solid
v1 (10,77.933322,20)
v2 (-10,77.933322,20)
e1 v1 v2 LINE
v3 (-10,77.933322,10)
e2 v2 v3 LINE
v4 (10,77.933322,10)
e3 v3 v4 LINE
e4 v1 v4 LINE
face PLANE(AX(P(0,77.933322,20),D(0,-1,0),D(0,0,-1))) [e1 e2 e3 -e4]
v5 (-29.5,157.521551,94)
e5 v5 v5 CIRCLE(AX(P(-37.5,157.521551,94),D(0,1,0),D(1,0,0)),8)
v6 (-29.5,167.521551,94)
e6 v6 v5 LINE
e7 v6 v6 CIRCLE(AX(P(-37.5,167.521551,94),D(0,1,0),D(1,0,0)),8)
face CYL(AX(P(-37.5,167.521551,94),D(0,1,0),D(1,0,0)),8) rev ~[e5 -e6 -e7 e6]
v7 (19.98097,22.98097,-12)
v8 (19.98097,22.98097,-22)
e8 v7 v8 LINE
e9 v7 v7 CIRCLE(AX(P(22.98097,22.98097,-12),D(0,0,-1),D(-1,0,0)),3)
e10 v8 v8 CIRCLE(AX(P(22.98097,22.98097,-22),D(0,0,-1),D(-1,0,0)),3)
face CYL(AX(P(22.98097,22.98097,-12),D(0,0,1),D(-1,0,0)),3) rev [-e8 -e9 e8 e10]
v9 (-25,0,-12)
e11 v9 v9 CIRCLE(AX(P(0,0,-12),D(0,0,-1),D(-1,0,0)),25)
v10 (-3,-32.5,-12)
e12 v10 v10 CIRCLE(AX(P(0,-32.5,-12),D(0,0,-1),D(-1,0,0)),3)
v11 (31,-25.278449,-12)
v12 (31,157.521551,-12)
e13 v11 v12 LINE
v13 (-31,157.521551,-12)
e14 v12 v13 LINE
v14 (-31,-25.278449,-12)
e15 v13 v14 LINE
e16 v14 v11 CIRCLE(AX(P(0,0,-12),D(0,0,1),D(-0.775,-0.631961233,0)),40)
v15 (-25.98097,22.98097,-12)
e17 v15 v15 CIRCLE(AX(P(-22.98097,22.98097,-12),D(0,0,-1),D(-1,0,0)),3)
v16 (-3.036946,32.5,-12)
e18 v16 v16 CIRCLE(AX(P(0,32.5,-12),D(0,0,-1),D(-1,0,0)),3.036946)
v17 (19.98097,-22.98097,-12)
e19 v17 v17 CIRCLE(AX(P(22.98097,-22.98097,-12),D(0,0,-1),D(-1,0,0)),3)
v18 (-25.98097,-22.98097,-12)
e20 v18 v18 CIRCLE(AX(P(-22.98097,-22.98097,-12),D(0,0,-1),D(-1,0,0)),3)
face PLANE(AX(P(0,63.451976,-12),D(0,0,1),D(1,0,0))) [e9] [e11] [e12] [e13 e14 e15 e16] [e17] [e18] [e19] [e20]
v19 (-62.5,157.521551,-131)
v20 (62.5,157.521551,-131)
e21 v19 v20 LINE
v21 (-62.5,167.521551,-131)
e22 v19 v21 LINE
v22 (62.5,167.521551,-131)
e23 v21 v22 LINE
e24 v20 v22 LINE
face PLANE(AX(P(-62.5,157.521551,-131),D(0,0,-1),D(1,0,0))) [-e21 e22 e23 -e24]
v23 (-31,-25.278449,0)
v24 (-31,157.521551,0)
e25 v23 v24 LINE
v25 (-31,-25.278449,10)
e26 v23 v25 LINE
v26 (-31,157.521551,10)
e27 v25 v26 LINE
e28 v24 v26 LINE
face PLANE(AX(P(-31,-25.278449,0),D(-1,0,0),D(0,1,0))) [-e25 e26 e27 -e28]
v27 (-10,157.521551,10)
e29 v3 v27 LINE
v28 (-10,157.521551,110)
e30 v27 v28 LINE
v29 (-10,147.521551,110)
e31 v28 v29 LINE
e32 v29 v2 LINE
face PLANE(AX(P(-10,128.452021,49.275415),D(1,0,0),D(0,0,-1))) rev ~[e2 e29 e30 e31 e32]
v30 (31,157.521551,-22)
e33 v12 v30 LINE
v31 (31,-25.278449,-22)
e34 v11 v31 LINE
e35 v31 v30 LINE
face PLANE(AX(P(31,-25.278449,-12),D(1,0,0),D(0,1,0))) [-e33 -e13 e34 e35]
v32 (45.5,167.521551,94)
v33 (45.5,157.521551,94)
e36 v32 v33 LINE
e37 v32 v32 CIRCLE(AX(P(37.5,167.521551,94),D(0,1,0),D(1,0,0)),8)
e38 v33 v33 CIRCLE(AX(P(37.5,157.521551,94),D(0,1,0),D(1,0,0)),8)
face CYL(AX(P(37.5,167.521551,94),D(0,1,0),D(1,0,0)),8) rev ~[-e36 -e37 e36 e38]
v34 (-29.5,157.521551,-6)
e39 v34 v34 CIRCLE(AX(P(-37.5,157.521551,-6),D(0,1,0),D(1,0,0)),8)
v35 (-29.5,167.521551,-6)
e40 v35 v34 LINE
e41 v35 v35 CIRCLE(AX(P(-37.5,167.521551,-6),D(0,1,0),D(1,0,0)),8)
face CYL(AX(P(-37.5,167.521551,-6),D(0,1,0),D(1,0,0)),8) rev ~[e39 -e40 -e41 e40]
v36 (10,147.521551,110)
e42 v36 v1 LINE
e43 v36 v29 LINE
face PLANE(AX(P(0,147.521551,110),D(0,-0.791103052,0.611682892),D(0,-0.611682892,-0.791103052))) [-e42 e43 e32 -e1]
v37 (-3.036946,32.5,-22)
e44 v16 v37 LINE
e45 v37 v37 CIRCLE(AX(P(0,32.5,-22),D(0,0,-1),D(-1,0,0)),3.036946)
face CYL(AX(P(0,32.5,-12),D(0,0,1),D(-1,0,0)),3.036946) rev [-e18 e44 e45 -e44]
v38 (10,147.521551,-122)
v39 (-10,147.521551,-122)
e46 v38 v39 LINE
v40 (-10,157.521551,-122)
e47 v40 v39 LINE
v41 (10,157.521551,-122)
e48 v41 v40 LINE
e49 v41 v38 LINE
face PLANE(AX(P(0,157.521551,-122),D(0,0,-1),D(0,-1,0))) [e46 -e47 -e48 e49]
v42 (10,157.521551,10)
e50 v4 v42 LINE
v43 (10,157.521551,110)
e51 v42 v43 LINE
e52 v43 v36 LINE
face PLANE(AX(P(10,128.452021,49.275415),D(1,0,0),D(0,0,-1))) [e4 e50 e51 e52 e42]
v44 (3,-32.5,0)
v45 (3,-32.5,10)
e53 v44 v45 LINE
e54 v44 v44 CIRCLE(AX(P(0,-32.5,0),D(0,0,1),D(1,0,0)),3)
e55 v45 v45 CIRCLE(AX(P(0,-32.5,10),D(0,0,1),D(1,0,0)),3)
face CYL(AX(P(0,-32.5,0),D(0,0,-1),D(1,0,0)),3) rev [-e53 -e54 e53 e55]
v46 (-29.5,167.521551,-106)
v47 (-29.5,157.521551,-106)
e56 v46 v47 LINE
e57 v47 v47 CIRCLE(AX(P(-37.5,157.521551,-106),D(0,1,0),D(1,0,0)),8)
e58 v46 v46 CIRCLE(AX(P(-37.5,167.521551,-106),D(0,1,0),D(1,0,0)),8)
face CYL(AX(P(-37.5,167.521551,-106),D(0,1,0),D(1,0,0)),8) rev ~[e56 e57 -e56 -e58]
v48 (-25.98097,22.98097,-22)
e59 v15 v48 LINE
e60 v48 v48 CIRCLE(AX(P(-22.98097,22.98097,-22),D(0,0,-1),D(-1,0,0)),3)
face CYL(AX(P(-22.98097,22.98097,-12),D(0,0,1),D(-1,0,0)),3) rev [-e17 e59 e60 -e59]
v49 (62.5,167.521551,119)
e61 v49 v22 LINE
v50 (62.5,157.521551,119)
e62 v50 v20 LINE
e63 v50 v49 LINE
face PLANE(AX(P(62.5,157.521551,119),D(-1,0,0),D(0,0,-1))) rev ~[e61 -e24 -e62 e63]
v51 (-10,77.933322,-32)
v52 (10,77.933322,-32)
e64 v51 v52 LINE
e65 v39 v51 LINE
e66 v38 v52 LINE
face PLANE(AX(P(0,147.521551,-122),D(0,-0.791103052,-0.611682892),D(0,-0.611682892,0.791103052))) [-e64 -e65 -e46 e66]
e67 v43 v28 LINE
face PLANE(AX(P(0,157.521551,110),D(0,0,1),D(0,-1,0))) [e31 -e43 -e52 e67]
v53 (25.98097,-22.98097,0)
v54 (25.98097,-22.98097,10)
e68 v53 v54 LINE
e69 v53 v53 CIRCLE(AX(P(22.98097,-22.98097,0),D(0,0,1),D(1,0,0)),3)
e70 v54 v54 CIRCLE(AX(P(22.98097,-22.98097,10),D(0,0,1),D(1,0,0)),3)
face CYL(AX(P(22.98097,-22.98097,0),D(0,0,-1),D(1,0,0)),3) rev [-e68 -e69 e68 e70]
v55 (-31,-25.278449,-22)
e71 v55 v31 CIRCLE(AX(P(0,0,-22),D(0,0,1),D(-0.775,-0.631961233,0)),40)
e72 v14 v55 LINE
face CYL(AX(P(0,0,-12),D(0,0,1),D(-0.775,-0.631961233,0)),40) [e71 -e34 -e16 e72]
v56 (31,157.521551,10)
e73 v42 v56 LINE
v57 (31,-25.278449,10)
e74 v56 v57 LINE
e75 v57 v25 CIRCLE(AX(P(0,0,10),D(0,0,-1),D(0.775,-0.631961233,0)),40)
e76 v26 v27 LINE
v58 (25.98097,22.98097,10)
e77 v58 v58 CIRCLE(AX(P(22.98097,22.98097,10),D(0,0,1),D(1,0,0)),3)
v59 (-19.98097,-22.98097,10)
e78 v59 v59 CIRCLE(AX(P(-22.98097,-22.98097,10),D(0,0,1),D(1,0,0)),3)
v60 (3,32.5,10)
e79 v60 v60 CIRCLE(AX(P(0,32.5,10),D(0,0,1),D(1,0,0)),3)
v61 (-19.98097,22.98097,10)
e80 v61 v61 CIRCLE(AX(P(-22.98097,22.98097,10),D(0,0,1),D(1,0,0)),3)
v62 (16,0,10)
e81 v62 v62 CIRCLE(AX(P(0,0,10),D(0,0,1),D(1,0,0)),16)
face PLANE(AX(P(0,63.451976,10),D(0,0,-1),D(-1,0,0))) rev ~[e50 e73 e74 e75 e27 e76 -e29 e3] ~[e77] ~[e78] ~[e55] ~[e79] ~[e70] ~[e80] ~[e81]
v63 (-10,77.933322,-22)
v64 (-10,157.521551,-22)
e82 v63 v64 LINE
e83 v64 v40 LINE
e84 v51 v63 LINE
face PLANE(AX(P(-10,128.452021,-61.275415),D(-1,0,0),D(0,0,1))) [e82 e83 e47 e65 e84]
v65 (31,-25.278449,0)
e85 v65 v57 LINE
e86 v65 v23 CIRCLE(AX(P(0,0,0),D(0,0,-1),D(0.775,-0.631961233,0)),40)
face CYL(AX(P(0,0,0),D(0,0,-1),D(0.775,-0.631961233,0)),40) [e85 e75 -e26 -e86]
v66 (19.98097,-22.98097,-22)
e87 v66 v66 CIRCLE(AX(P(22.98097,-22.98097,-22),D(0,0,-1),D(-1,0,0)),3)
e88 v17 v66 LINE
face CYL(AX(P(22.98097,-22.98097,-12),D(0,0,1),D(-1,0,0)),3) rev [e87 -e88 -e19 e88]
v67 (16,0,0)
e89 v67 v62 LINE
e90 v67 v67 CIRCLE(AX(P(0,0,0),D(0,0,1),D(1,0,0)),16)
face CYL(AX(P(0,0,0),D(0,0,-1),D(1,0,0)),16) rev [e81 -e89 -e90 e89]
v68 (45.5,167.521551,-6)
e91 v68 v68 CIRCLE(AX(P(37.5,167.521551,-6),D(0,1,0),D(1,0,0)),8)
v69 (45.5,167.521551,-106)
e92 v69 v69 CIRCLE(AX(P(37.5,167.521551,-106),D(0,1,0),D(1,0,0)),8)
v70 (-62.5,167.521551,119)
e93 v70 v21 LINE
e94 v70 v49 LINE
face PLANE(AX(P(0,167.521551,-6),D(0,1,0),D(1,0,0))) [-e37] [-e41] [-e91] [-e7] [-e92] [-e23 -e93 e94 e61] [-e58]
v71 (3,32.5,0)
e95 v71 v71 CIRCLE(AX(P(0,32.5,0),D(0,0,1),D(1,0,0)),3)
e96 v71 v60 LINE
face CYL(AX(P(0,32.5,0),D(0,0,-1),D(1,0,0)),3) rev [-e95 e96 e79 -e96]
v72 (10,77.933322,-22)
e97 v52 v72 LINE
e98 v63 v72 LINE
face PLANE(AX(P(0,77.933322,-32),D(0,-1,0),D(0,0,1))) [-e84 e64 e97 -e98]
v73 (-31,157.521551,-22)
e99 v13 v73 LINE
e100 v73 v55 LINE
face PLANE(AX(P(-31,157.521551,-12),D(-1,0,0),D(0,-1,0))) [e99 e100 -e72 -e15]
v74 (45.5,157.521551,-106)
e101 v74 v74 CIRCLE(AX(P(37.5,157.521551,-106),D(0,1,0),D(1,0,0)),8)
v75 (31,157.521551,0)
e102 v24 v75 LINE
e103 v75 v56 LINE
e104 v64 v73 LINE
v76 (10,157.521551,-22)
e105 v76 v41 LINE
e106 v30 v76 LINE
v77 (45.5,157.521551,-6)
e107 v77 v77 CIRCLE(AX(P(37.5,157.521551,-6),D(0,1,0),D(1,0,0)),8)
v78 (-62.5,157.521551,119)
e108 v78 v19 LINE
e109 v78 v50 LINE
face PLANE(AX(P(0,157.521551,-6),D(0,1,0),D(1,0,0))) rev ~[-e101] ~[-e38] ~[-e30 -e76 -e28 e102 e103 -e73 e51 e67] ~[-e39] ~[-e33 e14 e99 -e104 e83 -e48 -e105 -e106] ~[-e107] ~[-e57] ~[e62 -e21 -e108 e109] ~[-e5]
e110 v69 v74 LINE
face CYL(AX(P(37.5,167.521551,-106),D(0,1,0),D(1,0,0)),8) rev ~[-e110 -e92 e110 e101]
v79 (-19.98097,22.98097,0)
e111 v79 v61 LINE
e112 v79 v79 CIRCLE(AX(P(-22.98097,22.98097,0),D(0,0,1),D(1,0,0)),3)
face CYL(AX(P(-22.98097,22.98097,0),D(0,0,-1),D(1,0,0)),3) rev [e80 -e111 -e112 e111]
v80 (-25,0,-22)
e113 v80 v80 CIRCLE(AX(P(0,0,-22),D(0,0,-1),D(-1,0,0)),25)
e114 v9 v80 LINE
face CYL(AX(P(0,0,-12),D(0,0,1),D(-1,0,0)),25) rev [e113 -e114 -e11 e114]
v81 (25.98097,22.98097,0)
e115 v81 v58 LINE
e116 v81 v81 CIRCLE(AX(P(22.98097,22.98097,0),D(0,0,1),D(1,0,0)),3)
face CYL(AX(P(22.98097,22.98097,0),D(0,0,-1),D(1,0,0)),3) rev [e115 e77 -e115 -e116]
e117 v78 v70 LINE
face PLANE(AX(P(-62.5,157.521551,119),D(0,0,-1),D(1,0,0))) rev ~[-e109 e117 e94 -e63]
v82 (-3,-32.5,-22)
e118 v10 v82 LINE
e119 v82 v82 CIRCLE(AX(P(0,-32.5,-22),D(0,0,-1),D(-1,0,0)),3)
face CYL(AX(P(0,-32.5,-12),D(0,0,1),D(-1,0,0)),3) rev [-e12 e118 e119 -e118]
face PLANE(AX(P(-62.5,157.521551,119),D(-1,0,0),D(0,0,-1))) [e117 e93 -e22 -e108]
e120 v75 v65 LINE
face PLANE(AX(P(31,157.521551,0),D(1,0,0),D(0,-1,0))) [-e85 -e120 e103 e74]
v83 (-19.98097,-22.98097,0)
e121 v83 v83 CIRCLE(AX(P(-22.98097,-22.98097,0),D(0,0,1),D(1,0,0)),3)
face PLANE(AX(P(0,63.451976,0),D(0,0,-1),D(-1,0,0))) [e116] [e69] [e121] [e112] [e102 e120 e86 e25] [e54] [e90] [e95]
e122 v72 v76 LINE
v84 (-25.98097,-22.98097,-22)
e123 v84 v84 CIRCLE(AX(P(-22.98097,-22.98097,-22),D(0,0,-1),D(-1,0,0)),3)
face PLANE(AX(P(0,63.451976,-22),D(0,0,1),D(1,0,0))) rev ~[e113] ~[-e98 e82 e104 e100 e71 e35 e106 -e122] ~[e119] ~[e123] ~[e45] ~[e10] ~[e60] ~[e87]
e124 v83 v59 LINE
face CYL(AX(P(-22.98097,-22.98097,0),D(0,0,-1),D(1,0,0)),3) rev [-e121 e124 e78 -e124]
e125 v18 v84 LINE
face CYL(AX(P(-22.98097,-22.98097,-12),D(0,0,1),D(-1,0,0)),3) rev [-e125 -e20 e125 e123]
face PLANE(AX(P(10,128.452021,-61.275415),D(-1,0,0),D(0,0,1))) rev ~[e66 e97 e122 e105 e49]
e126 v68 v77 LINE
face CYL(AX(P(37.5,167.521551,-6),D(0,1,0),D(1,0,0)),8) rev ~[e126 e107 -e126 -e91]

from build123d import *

# Parameters (mm, degrees)
SKETCH1_R           = 3
SKETCH1_R_2         = 16
BOSS_EXTRUDE1_DEPTH = 10
SKETCH2_R           = 3.036946437
SKETCH2_R_2         = 3
SKETCH2_R_3         = 25
BOSS_EXTRUDE2_DEPTH = 10
SKETCH3_W           = 125
SKETCH3_H           = 250
BOSS_EXTRUDE3_DEPTH = 10
BOSS_EXTRUDE4_DEPTH = 10
SKETCH6_R           = 8
CUT_EXTRUDE1_DEPTH  = 10


with BuildPart() as part:
    # Sketch1 → Boss-Extrude1 (new body)
    with BuildSketch(Plane.XY):
        with BuildLine():
            Line((-31, -25.27844932), (-31, 157.52155068))
            Line((-31, 157.52155068), (31, 157.52155068))
            Line((31, 157.52155068), (31, -25.27844932))
            ThreePointArc((31, -25.27844932), (0, -40), (-31, -25.27844932))
        make_face()
        with Locations((0, 32.5)):
            Circle(SKETCH1_R, mode=Mode.SUBTRACT)
        with Locations((-22.980970389, 22.980970389)):
            Circle(SKETCH1_R, mode=Mode.SUBTRACT)
        with Locations((22.980970389, 22.980970389)):
            Circle(SKETCH1_R, mode=Mode.SUBTRACT)
        with Locations((22.980970389, -22.980970389)):
            Circle(SKETCH1_R, mode=Mode.SUBTRACT)
        with Locations((0, -32.5)):
            Circle(SKETCH1_R, mode=Mode.SUBTRACT)
        with Locations((-22.980970389, -22.980970389)):
            Circle(SKETCH1_R, mode=Mode.SUBTRACT)
        Circle(SKETCH1_R_2, mode=Mode.SUBTRACT)
    extrude(amount=BOSS_EXTRUDE1_DEPTH)



with BuildPart() as body_2:
    # Sketch2 → Boss-Extrude2 (new body)
    with BuildSketch(Plane(origin=(0, 0, -12), x_dir=(-1, 0, 0), z_dir=(0, 0, -1))):
        with BuildLine():
            Line((-31, 157.52155068), (31, 157.52155068))
            Line((31, 157.52155068), (31, -25.27844932))
            ThreePointArc((31, -25.27844932), (0, -40), (-31, -25.27844932))
            Line((-31, -25.27844932), (-31, 157.52155068))
        make_face()
        with Locations((0, 32.5)):
            Circle(SKETCH2_R, mode=Mode.SUBTRACT)
        with Locations((22.980970389, 22.980970389)):
            Circle(SKETCH2_R_2, mode=Mode.SUBTRACT)
        with Locations((-22.980970389, 22.980970389)):
            Circle(SKETCH2_R_2, mode=Mode.SUBTRACT)
        with Locations((22.980970389, -22.980970389)):
            Circle(SKETCH2_R_2, mode=Mode.SUBTRACT)
        with Locations((0, -32.5)):
            Circle(SKETCH2_R_2, mode=Mode.SUBTRACT)
        with Locations((-22.980970389, -22.980970389)):
            Circle(SKETCH2_R_2, mode=Mode.SUBTRACT)
        Circle(SKETCH2_R_3, mode=Mode.SUBTRACT)
    extrude(amount=BOSS_EXTRUDE2_DEPTH)


with BuildPart() as part_1:
    add(part.part)

    add(body_2.part)  # Boss-Extrude3 merges body 2
    # Sketch3 → Boss-Extrude3 (add)
    with BuildSketch(Plane(origin=(0, 157.52155068, 0), x_dir=(1, 0, 0), z_dir=(0, 1, 0))):
        with Locations((0, 6)):
            Rectangle(SKETCH3_W, SKETCH3_H)
    extrude(amount=BOSS_EXTRUDE3_DEPTH)

    # Sketch5 → Boss-Extrude4 (add, symmetric)
    with BuildSketch(Plane(origin=(0, 0, 0), x_dir=(0, 0, -1), z_dir=(1, 0, 0))):
        Polygon((22, 157.52155068), (122, 157.52155068), (122, 147.52155068), (32, 77.933321793), (22, 77.933321793), align=None)
        Polygon((-20, 77.933321793), (-10, 77.933321793), (-10, 157.52155068), (-110, 157.52155068), (-110, 147.52155068), align=None)
    extrude(amount=BOSS_EXTRUDE4_DEPTH, both=True)

    # Sketch6 → Cut-Extrude1 (cut)
    with BuildSketch(Plane(origin=(0, 167.52155068, 0), x_dir=(1, 0, 0), z_dir=(0, 1, 0))):
        with Locations((-37.5, 106)):
            Circle(SKETCH6_R)
        with Locations((37.5, 106)):
            Circle(SKETCH6_R)
        with Locations((37.5, 6)):
            Circle(SKETCH6_R)
        with Locations((37.5, -94)):
            Circle(SKETCH6_R)
        with Locations((-37.5, -94)):
            Circle(SKETCH6_R)
        with Locations((-37.5, 6)):
            Circle(SKETCH6_R)
    extrude(amount=-CUT_EXTRUDE1_DEPTH, mode=Mode.SUBTRACT)


solid = part_1.part
